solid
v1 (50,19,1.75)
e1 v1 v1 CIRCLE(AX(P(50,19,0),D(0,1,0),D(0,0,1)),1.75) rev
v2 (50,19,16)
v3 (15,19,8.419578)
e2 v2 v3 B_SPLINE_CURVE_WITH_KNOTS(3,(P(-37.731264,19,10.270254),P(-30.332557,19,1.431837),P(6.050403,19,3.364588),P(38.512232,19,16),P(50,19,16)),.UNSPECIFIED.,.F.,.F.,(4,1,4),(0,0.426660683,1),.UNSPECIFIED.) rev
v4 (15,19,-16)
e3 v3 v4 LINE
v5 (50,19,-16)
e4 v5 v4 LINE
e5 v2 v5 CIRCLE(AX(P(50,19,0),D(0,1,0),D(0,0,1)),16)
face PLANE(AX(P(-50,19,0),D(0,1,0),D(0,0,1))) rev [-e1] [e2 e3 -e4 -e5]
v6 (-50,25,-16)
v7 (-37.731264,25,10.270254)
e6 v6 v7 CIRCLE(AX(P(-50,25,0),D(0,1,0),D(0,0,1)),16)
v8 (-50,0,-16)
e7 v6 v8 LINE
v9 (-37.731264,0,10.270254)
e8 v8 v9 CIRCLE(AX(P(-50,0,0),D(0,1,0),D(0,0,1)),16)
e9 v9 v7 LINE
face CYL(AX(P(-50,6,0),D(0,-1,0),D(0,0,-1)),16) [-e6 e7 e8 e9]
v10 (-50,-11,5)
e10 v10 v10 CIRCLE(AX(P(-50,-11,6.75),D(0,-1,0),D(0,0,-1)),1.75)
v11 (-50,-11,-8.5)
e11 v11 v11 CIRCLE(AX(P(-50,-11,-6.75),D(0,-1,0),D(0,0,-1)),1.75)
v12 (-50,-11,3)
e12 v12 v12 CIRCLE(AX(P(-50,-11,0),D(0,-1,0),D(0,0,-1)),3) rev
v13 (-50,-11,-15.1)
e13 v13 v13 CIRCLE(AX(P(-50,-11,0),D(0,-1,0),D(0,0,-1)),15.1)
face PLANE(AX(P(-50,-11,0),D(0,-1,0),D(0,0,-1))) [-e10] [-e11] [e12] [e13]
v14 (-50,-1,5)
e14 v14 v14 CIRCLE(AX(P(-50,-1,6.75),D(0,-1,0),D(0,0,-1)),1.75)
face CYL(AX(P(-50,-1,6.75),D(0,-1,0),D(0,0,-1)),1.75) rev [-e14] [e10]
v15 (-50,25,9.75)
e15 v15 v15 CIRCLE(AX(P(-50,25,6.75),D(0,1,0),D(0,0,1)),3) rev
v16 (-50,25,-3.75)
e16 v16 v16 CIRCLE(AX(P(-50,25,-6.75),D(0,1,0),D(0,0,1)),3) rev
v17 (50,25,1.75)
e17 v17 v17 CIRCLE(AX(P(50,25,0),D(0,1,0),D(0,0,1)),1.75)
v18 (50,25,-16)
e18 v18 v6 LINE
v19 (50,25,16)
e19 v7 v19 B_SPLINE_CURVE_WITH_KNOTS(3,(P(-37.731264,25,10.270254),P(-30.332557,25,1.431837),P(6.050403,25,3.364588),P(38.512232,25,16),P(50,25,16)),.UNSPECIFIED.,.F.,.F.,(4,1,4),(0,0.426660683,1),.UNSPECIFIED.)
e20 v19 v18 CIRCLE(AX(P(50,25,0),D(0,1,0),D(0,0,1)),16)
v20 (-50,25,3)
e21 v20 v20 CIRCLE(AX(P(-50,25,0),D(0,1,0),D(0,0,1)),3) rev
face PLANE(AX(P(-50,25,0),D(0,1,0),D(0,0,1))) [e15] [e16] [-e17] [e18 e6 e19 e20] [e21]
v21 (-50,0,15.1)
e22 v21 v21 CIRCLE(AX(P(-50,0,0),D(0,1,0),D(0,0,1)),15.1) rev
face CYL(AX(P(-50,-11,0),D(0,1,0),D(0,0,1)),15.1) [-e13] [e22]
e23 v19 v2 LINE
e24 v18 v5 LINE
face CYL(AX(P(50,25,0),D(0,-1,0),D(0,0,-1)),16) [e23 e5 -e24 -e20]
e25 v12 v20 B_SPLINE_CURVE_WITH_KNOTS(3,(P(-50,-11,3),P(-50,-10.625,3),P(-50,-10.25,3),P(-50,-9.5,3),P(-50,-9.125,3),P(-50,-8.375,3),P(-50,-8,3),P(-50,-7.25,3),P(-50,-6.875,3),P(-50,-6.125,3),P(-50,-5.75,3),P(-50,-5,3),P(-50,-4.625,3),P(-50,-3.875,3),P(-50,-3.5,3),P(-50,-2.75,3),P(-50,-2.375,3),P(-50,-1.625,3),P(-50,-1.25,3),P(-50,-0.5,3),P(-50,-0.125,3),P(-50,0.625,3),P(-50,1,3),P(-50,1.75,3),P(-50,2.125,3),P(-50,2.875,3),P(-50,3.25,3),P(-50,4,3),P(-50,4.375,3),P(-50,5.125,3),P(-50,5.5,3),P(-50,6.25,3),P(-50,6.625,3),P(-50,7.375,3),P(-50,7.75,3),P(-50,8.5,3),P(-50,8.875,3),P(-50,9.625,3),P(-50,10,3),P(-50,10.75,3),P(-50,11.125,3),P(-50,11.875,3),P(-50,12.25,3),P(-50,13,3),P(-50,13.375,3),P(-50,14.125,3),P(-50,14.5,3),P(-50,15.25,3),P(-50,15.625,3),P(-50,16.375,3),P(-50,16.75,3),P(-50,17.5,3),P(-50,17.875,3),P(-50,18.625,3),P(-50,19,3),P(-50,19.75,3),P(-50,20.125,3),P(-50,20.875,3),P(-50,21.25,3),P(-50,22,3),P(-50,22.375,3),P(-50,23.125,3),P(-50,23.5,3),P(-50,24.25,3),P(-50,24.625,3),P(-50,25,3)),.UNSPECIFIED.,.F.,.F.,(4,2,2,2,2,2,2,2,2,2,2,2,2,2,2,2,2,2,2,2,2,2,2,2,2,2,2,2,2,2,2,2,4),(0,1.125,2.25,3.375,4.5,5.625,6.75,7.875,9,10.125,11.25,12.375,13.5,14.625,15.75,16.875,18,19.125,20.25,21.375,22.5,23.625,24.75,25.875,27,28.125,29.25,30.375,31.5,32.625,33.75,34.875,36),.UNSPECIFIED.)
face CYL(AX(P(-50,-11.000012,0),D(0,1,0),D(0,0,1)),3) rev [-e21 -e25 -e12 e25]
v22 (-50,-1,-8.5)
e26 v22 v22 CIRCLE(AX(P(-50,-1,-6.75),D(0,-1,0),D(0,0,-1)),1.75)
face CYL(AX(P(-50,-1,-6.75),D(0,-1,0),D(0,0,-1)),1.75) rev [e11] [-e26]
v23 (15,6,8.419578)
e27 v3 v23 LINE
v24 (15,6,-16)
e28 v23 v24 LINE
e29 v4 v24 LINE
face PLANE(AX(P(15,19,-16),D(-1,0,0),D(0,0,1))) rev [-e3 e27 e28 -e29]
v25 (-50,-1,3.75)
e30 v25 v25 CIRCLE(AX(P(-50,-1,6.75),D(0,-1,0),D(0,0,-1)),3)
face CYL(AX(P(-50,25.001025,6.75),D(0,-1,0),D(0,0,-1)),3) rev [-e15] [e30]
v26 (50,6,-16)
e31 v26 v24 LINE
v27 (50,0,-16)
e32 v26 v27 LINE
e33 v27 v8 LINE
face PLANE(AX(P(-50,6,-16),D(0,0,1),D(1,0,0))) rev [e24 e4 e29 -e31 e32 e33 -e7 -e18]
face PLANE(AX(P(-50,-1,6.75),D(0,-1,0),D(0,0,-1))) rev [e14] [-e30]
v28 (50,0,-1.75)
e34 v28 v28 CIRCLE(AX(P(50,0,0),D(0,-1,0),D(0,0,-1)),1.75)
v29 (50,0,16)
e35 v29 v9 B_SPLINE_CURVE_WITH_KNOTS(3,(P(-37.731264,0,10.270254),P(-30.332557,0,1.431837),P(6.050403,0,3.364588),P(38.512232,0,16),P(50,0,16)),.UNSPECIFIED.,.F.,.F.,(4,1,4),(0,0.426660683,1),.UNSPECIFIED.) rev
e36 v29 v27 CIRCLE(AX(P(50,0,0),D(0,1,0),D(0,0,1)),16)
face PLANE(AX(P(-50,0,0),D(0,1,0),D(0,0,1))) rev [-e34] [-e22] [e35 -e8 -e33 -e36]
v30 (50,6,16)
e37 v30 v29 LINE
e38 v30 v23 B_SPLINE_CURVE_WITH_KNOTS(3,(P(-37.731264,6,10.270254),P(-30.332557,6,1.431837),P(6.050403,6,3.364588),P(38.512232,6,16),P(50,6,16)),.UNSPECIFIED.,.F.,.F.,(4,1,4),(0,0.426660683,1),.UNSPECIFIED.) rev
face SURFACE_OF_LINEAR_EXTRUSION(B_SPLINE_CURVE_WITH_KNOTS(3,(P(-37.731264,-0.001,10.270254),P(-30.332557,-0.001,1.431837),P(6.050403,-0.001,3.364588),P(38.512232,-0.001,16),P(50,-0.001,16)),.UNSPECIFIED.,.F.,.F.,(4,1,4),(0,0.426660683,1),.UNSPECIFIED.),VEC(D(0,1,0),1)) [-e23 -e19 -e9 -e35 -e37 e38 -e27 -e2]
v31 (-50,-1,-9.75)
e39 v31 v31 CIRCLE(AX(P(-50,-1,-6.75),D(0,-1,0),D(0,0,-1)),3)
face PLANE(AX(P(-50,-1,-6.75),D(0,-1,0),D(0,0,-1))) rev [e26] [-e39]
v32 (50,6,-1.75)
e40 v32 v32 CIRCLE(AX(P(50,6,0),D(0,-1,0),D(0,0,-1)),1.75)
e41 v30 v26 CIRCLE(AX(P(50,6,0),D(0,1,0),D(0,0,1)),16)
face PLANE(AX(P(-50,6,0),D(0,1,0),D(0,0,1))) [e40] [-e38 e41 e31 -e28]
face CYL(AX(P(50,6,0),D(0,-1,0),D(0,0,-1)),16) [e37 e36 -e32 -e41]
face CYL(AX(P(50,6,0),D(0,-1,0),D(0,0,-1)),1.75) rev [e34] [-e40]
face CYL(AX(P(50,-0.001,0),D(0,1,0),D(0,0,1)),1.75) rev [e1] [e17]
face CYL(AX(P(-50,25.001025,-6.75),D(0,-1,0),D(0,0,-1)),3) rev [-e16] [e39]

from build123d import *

# Parameters (mm, degrees)
BOSS_EXTRUDE1_DEPTH            = 6
SKETCH3_R                      = 1.75
CUT_EXTRUDE2_DEPTH             = 69.176242196
BOSS_EXTRUDE2_DEPTH            = 13
BOSS_EXTRUDE3_DEPTH            = 6
CUT_EXTRUDE3_REACH             = 74.367
SKETCH6_R                      = 1.75
CUT_EXTRUDE4_REACH             = 74.367
SKETCH8_R                      = 15.1
BOSS_EXTRUDE4_DEPTH            = 11
SKETCH9_R                      = 1.75
CUT_EXTRUDE5_DEPTH             = 10
CUT_EXTRUDE6_REACH             = 78.864
SKETCH11_R                     = 3
CUT_EXTRUDE6_DIRECTION_2_DEPTH = 77.863515556
CUT_EXTRUDE7_REACH             = 74.719
SKETCH12_R                     = 3


with BuildPart() as part:
    # Sketch1 → Boss-Extrude1 (new body)
    with BuildSketch(Plane(origin=(0, 0, 0), x_dir=(1, 0, 0), z_dir=(0, 1, 0))):
        with BuildLine():
            Line((-50, 16), (50, 16))
            ThreePointArc((50, 16), (66, 0), (50, -16))
            Line((50, -16), (-50, -16))
            ThreePointArc((-50, -16), (-66, 0), (-50, 16))
        make_face()
    extrude(amount=BOSS_EXTRUDE1_DEPTH)

    # Sketch3 → Cut-Extrude2 (cut, through all)
    with BuildSketch(Plane.XZ):
        with Locations(Location((50, 0, 0), (0, 0, 270))):
            Circle(SKETCH3_R)
    extrude(amount=-CUT_EXTRUDE2_DEPTH, mode=Mode.SUBTRACT)

    # Sketch4 → Boss-Extrude2 (add)
    with BuildSketch(Plane(origin=(0, 6, 0), x_dir=(1, 0, 0), z_dir=(0, 1, 0))):
        with BuildLine():
            Line((-50, 16), (15, 16))
            Line((15, 16), (15, -16))
            Line((15, -16), (-50, -16))
            ThreePointArc((-50, -16), (-66, 0), (-50, 16))
        make_face()
    extrude(amount=BOSS_EXTRUDE2_DEPTH)

    # Sketch5 → Boss-Extrude3 (add)
    with BuildSketch(Plane(origin=(0, 19, 0), x_dir=(1, 0, 0), z_dir=(0, 1, 0))):
        with BuildLine():
            Line((-50, 16), (50, 16))
            ThreePointArc((50, 16), (66, 0), (50, -16))
            Line((50, -16), (-50, -16))
            ThreePointArc((-50, -16), (-66, 0), (-50, 16))
        make_face()
    extrude(amount=BOSS_EXTRUDE3_DEPTH)

    # Sketch6 → Cut-Extrude3 (cut, up to next)
    with BuildSketch(Plane(origin=(0, 25, 0), x_dir=(1, 0, 0), z_dir=(0, 1, 0)), mode=Mode.PRIVATE) as cut_extrude3_sk1:
        with Locations(Location((50, 0, 0), (0, 0, 90))):
            Circle(SKETCH6_R)
    cut_extrude3_tool1 = extrude(cut_extrude3_sk1.sketch, amount=-CUT_EXTRUDE3_REACH, mode=Mode.PRIVATE) & part.part
    add(cut_extrude3_tool1.solids().sort_by_distance((50, 25, 0))[0], mode=Mode.SUBTRACT)

    # Sketch7 → Cut-Extrude4 (cut, up to next)
    with BuildSketch(Plane(origin=(0, 25, 0), x_dir=(1, 0, 0), z_dir=(0, 1, 0)), mode=Mode.PRIVATE) as cut_extrude4_sk1:
        with BuildLine():
            ThreePointArc((-37.731263809, -10.270253759), (-43.22962557, -14.496966237), (-50, -16))
            Line((-50, -16), (50, -16))
            add(Edge.make_bspline(
                [(-37.731263809, -10.270253759), (-30.332556703, -1.431836739), (6.050402888, -3.364587973), (38.512231583, -16), (50, -16)],
                knots=[0, 0, 0, 0, 0.426660683, 1, 1, 1, 1], degree=3))
        make_face()
    cut_extrude4_tool1 = extrude(cut_extrude4_sk1.sketch, amount=-CUT_EXTRUDE4_REACH, mode=Mode.PRIVATE) & part.part
    add(cut_extrude4_tool1.solids().sort_by_distance((-6.915299, 25, 11.013102))[0], mode=Mode.SUBTRACT)

    # Sketch8 → Boss-Extrude4 (add)
    with BuildSketch(Plane.XZ):
        with Locations(Location((-50, 0, 0), (0, 0, 90))):
            Circle(SKETCH8_R)
    extrude(amount=BOSS_EXTRUDE4_DEPTH)

    # Sketch9 → Cut-Extrude5 (cut)
    with BuildSketch(Plane.XZ.offset(11)):
        with Locations(Location((-50, 6.75, 0), (0, 0, 270))):
            Circle(SKETCH9_R)
        with Locations(Location((-50, -6.75, 0), (0, 0, 270))):
            Circle(SKETCH9_R)
    extrude(amount=-CUT_EXTRUDE5_DEPTH, mode=Mode.SUBTRACT)

    # Sketch11 → Cut-Extrude6 (cut, up to next)
    with BuildSketch(Plane.XZ.offset(11), mode=Mode.PRIVATE) as cut_extrude6_sk1:
        with Locations(Location((-50, 0, 0), (0, 0, 90))):
            Circle(SKETCH11_R)
    cut_extrude6_tool1 = extrude(cut_extrude6_sk1.sketch, amount=-CUT_EXTRUDE6_REACH, mode=Mode.PRIVATE) & part.part
    add(cut_extrude6_tool1.solids().sort_by_distance((-50, -11, 0))[0], mode=Mode.SUBTRACT)

    # Sketch11 → Cut-Extrude6 direction 2 (cut)
    with BuildSketch(Plane.XZ.offset(11)):
        with Locations(Location((-50, 0, 0), (0, 0, 90))):
            Circle(SKETCH11_R)
    extrude(amount=CUT_EXTRUDE6_DIRECTION_2_DEPTH, mode=Mode.SUBTRACT)

    # Sketch12 → Cut-Extrude7 (cut, up to next)
    with BuildSketch(Plane.XZ.offset(1), mode=Mode.PRIVATE) as cut_extrude7_sk1:
        with Locations(Location((-50, 6.75, 0), (0, 0, 270))):
            Circle(SKETCH12_R)
    cut_extrude7_tool1 = extrude(cut_extrude7_sk1.sketch, amount=-CUT_EXTRUDE7_REACH, mode=Mode.PRIVATE) & part.part
    # Sketch12 → Cut-Extrude7 (cut, up to next)
    with BuildSketch(Plane.XZ.offset(1), mode=Mode.PRIVATE) as cut_extrude7_sk2:
        with Locations(Location((-50, -6.75, 0), (0, 0, 270))):
            Circle(SKETCH12_R)
    cut_extrude7_tool2 = extrude(cut_extrude7_sk2.sketch, amount=-CUT_EXTRUDE7_REACH, mode=Mode.PRIVATE) & part.part
    add(cut_extrude7_tool1.solids().sort_by_distance((-50, -1, 6.75))[0], mode=Mode.SUBTRACT)
    add(cut_extrude7_tool2.solids().sort_by_distance((-50, -1, -6.75))[0], mode=Mode.SUBTRACT)


solid = part.part
